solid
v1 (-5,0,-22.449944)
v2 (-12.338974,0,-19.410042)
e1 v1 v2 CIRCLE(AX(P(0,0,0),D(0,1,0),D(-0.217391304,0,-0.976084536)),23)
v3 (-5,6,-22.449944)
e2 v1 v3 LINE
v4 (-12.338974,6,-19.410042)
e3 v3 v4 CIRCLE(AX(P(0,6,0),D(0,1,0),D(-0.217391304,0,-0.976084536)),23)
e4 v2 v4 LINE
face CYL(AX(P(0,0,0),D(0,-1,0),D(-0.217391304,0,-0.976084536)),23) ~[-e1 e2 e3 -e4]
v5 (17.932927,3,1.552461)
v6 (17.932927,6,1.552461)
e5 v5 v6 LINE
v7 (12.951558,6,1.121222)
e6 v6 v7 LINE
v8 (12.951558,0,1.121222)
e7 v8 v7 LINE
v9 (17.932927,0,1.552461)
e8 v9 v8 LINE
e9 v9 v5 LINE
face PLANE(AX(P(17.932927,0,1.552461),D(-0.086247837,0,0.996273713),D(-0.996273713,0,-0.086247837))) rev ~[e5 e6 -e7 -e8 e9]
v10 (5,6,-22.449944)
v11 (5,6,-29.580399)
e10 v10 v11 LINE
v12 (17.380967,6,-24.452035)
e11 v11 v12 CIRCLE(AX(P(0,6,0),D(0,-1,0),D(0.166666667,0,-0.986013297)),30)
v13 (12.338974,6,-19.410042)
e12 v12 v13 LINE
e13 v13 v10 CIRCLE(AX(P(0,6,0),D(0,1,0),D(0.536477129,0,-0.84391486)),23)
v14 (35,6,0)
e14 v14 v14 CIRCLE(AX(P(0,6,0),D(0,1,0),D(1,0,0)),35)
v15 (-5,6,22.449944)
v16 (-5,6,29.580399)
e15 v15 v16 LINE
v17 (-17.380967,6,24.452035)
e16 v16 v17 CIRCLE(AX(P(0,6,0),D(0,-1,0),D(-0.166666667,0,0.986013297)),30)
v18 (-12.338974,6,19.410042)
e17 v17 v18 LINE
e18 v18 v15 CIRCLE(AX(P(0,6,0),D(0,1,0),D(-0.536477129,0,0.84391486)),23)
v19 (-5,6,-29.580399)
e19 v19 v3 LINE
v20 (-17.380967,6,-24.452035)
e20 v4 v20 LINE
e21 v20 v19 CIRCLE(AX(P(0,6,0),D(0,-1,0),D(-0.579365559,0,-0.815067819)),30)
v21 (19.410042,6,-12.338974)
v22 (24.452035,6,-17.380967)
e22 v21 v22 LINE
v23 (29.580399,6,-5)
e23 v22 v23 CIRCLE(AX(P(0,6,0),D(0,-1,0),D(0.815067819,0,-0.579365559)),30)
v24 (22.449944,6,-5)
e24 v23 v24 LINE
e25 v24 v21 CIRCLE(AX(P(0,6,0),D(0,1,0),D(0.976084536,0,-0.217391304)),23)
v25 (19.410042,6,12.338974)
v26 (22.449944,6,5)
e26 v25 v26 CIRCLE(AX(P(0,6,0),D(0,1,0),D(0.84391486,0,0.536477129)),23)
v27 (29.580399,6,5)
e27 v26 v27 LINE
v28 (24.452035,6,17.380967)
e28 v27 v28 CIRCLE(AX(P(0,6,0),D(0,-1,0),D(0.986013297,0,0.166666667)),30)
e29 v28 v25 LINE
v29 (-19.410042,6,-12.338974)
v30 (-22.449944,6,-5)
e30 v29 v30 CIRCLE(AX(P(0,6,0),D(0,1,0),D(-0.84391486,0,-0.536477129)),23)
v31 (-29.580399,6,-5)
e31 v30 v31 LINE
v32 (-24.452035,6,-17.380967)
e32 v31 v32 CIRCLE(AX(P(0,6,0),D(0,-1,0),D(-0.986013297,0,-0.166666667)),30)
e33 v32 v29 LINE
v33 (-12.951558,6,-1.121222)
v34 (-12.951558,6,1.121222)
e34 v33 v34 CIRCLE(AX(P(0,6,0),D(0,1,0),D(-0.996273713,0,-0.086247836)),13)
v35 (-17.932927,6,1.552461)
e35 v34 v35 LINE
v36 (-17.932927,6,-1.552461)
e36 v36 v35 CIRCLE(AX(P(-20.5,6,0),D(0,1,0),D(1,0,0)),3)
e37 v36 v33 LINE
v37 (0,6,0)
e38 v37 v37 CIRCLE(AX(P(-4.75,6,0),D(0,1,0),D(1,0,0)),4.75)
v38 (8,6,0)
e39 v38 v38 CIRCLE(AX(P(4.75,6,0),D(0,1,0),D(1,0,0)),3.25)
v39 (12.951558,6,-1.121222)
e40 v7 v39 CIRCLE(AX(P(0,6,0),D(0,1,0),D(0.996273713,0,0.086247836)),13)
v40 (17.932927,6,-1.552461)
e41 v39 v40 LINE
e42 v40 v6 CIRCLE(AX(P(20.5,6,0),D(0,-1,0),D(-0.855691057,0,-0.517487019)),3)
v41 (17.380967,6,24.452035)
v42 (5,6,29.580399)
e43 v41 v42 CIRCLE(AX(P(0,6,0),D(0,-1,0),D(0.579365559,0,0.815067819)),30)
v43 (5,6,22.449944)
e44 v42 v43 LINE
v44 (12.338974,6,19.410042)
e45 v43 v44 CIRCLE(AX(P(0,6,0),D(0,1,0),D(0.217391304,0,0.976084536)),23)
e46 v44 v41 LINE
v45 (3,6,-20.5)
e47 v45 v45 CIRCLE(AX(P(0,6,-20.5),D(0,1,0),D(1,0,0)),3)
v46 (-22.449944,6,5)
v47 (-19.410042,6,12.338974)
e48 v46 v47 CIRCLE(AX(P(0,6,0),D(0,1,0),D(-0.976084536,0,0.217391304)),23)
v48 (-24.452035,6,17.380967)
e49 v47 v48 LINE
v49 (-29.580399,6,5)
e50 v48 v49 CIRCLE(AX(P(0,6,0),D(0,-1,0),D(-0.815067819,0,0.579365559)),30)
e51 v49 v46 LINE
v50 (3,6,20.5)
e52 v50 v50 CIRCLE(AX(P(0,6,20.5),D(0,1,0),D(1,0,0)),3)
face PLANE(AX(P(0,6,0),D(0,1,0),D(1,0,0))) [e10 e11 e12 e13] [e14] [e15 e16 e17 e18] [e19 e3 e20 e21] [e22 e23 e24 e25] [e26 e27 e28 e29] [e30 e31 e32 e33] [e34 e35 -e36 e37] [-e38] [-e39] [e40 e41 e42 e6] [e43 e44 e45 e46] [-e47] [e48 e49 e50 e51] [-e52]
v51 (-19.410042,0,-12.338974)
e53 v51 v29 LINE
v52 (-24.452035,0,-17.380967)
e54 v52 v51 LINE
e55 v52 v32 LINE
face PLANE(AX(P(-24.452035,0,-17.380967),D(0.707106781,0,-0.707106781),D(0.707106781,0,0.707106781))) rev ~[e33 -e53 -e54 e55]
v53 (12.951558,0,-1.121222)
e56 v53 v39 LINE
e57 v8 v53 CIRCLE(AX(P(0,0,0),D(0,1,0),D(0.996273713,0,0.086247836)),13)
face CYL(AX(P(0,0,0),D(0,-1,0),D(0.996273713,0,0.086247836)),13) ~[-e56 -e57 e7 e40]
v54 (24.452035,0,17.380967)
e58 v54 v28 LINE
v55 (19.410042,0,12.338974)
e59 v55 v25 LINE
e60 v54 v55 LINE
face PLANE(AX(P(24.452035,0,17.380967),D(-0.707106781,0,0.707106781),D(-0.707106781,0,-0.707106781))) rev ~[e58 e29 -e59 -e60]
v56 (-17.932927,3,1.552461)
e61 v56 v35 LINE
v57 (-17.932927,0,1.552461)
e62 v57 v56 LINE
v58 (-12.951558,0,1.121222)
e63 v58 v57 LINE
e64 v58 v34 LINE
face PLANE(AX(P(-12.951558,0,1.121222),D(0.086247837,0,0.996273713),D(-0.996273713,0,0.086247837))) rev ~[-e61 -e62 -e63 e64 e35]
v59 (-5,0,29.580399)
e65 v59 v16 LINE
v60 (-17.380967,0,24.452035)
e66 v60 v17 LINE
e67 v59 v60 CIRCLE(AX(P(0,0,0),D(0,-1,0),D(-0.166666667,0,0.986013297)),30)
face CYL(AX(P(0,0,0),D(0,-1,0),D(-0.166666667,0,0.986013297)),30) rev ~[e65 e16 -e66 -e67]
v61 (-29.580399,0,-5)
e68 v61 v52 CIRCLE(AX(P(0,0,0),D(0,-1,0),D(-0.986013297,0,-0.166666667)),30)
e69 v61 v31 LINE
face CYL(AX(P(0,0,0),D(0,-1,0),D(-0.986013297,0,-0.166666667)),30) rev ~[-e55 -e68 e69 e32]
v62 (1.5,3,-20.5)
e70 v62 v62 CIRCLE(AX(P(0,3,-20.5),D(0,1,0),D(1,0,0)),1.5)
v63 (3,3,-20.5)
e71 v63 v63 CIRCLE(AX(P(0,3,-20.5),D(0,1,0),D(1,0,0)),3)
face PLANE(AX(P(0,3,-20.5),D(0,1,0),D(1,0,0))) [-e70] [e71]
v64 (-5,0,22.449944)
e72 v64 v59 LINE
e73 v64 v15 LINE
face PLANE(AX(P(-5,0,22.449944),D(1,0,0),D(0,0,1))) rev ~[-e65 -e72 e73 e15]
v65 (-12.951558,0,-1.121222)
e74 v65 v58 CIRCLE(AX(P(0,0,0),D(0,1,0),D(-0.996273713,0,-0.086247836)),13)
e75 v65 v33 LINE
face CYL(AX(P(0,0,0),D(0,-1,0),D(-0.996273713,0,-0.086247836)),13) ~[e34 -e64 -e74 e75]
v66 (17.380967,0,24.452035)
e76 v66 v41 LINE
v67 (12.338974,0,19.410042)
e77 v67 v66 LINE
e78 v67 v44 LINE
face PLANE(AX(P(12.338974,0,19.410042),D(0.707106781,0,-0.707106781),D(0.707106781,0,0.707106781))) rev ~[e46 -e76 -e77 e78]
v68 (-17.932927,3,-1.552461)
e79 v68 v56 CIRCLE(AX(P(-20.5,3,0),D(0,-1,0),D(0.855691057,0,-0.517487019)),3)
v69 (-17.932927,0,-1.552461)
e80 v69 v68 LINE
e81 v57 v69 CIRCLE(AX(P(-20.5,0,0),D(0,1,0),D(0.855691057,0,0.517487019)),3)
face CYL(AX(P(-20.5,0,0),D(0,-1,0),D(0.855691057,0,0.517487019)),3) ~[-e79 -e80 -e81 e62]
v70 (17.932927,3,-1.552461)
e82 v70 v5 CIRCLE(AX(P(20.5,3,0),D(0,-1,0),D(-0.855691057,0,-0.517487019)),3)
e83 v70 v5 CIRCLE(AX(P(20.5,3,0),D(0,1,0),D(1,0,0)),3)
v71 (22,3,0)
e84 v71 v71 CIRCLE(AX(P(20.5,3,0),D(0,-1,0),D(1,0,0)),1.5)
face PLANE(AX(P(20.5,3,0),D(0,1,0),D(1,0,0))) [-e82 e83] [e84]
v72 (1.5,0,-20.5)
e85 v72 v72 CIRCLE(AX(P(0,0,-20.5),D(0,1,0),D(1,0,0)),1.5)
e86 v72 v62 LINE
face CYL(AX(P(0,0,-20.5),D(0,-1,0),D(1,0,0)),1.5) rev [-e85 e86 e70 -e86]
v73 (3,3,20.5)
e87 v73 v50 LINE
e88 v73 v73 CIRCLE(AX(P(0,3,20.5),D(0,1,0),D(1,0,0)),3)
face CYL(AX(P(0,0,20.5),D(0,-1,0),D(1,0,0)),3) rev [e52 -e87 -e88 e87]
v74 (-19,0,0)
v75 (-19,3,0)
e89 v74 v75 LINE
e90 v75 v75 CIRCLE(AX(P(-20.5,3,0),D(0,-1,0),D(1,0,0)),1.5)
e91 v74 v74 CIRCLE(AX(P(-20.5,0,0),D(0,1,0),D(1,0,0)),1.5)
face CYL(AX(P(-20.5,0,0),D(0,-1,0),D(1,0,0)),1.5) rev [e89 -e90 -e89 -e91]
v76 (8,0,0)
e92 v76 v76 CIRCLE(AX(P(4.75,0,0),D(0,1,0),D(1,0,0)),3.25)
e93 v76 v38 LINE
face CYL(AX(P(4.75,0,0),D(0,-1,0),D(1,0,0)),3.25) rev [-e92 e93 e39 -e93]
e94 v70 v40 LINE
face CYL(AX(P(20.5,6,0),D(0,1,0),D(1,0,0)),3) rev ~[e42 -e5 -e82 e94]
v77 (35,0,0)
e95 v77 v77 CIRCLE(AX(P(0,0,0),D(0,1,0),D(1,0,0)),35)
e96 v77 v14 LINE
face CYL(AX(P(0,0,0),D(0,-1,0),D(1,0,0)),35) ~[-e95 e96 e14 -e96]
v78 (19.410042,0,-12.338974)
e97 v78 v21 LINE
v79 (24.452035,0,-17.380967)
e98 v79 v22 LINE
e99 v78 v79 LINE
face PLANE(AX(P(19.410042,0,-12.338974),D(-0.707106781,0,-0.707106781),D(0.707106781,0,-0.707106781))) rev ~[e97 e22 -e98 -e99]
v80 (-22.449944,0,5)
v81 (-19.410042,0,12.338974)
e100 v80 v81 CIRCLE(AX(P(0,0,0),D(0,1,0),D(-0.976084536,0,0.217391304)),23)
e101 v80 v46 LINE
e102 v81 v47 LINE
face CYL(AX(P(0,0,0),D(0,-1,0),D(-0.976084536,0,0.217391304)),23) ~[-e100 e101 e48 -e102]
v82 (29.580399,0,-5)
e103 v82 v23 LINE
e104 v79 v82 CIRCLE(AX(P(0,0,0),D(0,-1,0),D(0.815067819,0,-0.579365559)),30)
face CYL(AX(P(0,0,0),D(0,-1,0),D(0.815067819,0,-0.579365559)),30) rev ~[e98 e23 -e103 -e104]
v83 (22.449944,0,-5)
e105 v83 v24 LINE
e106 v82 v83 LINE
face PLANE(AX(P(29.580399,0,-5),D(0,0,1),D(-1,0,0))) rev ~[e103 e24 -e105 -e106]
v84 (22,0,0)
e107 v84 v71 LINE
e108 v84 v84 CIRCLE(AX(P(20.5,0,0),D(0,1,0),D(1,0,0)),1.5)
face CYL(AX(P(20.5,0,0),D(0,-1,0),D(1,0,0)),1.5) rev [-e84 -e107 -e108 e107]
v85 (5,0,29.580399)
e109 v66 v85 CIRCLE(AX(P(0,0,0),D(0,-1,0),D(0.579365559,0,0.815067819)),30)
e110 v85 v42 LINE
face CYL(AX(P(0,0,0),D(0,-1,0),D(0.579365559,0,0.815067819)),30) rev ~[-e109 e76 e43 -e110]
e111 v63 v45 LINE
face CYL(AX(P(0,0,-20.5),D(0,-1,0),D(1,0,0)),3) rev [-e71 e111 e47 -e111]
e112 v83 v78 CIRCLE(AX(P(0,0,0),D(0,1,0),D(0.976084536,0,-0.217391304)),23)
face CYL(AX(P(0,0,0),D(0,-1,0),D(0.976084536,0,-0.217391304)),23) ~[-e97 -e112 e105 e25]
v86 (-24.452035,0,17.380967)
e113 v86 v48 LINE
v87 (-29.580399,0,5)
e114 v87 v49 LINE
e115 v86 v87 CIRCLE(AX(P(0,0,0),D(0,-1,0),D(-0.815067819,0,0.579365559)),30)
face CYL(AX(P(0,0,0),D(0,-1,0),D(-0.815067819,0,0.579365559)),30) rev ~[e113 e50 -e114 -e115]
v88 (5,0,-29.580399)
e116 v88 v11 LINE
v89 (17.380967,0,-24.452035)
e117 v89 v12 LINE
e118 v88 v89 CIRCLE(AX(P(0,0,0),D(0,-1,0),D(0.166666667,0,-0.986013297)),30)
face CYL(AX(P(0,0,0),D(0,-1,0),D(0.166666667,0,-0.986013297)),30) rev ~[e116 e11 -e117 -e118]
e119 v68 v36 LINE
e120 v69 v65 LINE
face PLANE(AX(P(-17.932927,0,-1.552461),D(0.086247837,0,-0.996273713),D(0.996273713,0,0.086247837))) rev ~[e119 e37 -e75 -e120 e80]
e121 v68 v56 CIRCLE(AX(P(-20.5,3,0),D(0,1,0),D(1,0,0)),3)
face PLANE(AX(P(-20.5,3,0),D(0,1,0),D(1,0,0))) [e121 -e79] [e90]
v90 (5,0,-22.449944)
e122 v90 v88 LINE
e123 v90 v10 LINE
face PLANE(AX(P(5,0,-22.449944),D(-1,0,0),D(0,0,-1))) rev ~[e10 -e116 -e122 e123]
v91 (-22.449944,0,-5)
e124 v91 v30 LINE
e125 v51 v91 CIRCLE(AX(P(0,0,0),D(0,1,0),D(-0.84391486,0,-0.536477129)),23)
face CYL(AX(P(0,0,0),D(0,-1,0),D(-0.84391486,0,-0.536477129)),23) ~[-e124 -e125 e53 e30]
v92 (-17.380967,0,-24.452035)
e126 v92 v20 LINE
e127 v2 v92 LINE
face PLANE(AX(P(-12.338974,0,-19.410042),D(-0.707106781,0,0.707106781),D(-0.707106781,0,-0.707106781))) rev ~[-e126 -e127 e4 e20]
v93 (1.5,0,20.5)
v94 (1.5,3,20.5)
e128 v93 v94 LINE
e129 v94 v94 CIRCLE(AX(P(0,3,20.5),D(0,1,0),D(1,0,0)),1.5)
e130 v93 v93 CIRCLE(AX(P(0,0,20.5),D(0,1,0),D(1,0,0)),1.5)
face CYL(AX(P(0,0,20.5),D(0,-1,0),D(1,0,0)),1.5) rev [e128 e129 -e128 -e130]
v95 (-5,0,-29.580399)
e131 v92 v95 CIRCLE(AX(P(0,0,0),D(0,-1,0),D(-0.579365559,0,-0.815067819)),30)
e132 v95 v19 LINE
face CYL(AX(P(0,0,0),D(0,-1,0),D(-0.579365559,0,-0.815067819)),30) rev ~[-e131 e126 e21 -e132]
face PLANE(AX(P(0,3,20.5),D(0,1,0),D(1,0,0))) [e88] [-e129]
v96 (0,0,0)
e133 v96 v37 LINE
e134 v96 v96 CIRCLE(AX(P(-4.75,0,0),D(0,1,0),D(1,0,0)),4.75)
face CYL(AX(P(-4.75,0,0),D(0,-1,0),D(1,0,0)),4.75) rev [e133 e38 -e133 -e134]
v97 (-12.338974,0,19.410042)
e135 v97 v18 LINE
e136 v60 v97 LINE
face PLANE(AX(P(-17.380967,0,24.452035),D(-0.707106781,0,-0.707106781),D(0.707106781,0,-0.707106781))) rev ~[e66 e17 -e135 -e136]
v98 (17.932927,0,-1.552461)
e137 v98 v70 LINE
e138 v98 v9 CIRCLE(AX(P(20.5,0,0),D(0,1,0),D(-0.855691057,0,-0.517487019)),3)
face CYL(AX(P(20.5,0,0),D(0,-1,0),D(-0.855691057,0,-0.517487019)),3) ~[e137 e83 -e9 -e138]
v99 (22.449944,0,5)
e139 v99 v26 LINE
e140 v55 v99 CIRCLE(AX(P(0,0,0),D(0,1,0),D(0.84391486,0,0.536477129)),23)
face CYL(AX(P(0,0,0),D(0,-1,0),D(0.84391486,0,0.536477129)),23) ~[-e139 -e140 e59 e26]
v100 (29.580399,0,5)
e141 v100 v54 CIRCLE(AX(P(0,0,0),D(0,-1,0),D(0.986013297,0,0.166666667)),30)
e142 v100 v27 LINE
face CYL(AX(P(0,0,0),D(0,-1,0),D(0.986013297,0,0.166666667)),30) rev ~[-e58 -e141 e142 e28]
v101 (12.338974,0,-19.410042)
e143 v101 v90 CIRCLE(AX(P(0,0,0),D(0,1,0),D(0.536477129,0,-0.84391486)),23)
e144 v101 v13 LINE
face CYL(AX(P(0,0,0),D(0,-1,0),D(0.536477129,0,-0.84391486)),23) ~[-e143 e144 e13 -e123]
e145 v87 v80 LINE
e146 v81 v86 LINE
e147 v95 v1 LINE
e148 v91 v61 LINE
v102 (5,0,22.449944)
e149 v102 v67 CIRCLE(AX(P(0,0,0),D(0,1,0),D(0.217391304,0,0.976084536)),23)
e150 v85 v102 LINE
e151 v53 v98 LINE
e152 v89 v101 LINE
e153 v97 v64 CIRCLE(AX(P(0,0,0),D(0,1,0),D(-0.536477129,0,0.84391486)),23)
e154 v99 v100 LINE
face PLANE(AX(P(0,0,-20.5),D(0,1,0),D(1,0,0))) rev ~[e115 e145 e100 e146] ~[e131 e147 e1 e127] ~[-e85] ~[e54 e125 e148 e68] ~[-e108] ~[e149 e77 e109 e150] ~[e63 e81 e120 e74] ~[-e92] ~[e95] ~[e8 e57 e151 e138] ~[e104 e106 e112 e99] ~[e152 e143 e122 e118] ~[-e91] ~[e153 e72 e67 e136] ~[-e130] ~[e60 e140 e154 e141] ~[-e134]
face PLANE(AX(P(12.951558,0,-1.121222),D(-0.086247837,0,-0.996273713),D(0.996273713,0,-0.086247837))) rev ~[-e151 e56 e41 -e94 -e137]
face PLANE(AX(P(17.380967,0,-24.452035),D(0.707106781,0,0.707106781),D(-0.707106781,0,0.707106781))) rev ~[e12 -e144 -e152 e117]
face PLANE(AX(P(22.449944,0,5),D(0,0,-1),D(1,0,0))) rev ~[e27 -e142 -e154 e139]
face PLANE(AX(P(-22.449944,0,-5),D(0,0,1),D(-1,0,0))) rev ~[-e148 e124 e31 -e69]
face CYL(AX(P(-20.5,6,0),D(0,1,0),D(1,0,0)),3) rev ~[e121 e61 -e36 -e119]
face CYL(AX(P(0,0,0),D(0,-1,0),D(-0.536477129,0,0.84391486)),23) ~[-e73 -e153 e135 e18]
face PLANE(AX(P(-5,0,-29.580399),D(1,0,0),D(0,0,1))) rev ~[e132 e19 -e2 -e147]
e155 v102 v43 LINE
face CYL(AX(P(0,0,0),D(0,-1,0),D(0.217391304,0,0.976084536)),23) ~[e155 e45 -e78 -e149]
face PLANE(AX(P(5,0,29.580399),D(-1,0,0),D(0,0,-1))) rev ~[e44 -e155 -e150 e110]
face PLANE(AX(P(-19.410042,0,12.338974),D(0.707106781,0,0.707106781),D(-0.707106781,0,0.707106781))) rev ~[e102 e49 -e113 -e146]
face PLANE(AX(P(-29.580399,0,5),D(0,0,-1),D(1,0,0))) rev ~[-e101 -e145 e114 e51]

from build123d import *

# Parameters (mm, degrees)
SKETCH1_R           = 35
SKETCH1_R_2         = 3
SKETCH1_R_3         = 1.5
SKETCH1_R_4         = 4.75
SKETCH1_R_5         = 3.25
BOSS_EXTRUDE2_DEPTH = 6
CUT_EXTRUDE3_START  = 6
SKETCH1_6_R         = 3
CUT_EXTRUDE3_DEPTH  = 3
SKETCH1_7_R         = 3
SKETCH1_7_R_2       = 1.5
BOSS_EXTRUDE3_DEPTH = 3


with BuildPart() as part:
    # Sketch1 → Boss-Extrude2 (new body)
    with BuildSketch(Plane(origin=(0, 0, 0), x_dir=(1, 0, 0), z_dir=(0, 1, 0))):
        Circle(SKETCH1_R)
        with BuildLine():
            Line((-29.580398915, -5), (-22.449944321, -5))
            ThreePointArc((-22.449944321, -5), (-21.249229248, -8.801718944), (-19.410041772, -12.33897396))
            Line((-19.410041772, -12.33897396), (-24.452034569, -17.380966757))
            ThreePointArc((-24.452034569, -17.380966757), (-27.716385975, -11.480502971), (-29.580398915, -5))
        make_face(mode=Mode.SUBTRACT)
        with BuildLine():
            Line((-17.380966757, -24.452034569), (-12.33897396, -19.410041772))
            ThreePointArc((-12.33897396, -19.410041772), (-8.801718944, -21.249229248), (-5, -22.449944321))
            Line((-5, -22.449944321), (-5, -29.580398915))
            ThreePointArc((-5, -29.580398915), (-11.480502971, -27.716385975), (-17.380966757, -24.452034569))
        make_face(mode=Mode.SUBTRACT)
        with BuildLine():
            Line((5, -29.580398915), (5, -22.449944321))
            ThreePointArc((5, -22.449944321), (8.801718944, -21.249229248), (12.33897396, -19.410041772))
            Line((12.33897396, -19.410041772), (17.380966757, -24.452034569))
            ThreePointArc((17.380966757, -24.452034569), (11.480502971, -27.716385975), (5, -29.580398915))
        make_face(mode=Mode.SUBTRACT)
        with BuildLine():
            Line((24.452034569, -17.380966757), (19.410041772, -12.33897396))
            ThreePointArc((19.410041772, -12.33897396), (21.249229248, -8.801718944), (22.449944321, -5))
            Line((22.449944321, -5), (29.580398915, -5))
            ThreePointArc((29.580398915, -5), (27.716385975, -11.480502971), (24.452034569, -17.380966757))
        make_face(mode=Mode.SUBTRACT)
        with BuildLine():
            Line((29.580398915, 5), (22.449944321, 5))
            ThreePointArc((22.449944321, 5), (21.249229248, 8.801718944), (19.410041772, 12.33897396))
            Line((19.410041772, 12.33897396), (24.452034569, 17.380966757))
            ThreePointArc((24.452034569, 17.380966757), (27.716385975, 11.480502971), (29.580398915, 5))
        make_face(mode=Mode.SUBTRACT)
        with BuildLine():
            Line((17.380966757, 24.452034569), (12.33897396, 19.410041772))
            ThreePointArc((12.33897396, 19.410041772), (8.801718944, 21.249229248), (5, 22.449944321))
            Line((5, 22.449944321), (5, 29.580398915))
            ThreePointArc((5, 29.580398915), (11.480502971, 27.716385975), (17.380966757, 24.452034569))
        make_face(mode=Mode.SUBTRACT)
        with BuildLine():
            Line((-5, 29.580398915), (-5, 22.449944321))
            ThreePointArc((-5, 22.449944321), (-8.801718944, 21.249229248), (-12.33897396, 19.410041772))
            Line((-12.33897396, 19.410041772), (-17.380966757, 24.452034569))
            ThreePointArc((-17.380966757, 24.452034569), (-11.480502971, 27.716385975), (-5, 29.580398915))
        make_face(mode=Mode.SUBTRACT)
        with BuildLine():
            Line((-24.452034569, 17.380966757), (-19.410041772, 12.33897396))
            ThreePointArc((-19.410041772, 12.33897396), (-21.249229248, 8.801718944), (-22.449944321, 5))
            Line((-22.449944321, 5), (-29.580398915, 5))
            ThreePointArc((-29.580398915, 5), (-27.716385975, 11.480502971), (-24.452034569, 17.380966757))
        make_face(mode=Mode.SUBTRACT)
        with Locations((0, -20.5)):
            Circle(SKETCH1_R_2, mode=Mode.SUBTRACT)
        with Locations((-20.5, 0)):
            Circle(SKETCH1_R_3, mode=Mode.SUBTRACT)
        with BuildLine():
            Line((-12.951558266, -1.121221875), (-17.932926829, -1.552461058))
            ThreePointArc((-17.932926829, -1.552461058), (-17.5, 0), (-17.932926829, 1.552461058))
            Line((-17.932926829, 1.552461058), (-12.951558266, 1.121221875))
            ThreePointArc((-12.951558266, 1.121221875), (-13, 0), (-12.951558266, -1.121221875))
        make_face(mode=Mode.SUBTRACT)
        with Locations((-4.75, 0)):
            Circle(SKETCH1_R_4, mode=Mode.SUBTRACT)
        with Locations((4.75, 0)):
            Circle(SKETCH1_R_5, mode=Mode.SUBTRACT)
        with BuildLine():
            ThreePointArc((17.932926829, 1.552461058), (17.5, 0), (17.932926829, -1.552461058))
            Line((17.932926829, -1.552461058), (12.951558266, -1.121221875))
            ThreePointArc((12.951558266, -1.121221875), (13, 0), (12.951558266, 1.121221875))
            Line((12.951558266, 1.121221875), (17.932926829, 1.552461058))
        make_face(mode=Mode.SUBTRACT)
        with Locations((20.5, 0)):
            Circle(SKETCH1_R_3, mode=Mode.SUBTRACT)
        with Locations((0, 20.5)):
            Circle(SKETCH1_R_2, mode=Mode.SUBTRACT)
    extrude(amount=BOSS_EXTRUDE2_DEPTH)

    # Sketch1<6> → Cut-Extrude3 (cut)
    with BuildSketch(Plane(origin=(0, 0, 0), x_dir=(1, 0, 0), z_dir=(0, 1, 0)).offset(CUT_EXTRUDE3_START)):
        with Locations((20.5, 0)):
            Circle(SKETCH1_6_R)
        with Locations((-20.5, 0)):
            Circle(SKETCH1_6_R)
    extrude(amount=-CUT_EXTRUDE3_DEPTH, mode=Mode.SUBTRACT)

    # Sketch1<7> → Boss-Extrude3 (add)
    with BuildSketch(Plane(origin=(0, 0, 0), x_dir=(1, 0, 0), z_dir=(0, 1, 0))):
        with Locations((0, 20.5)):
            Circle(SKETCH1_7_R)
        with Locations((0, 20.5)):
            Circle(SKETCH1_7_R_2, mode=Mode.SUBTRACT)
        with Locations((0, -20.5)):
            Circle(SKETCH1_7_R)
        with Locations((0, -20.5)):
            Circle(SKETCH1_7_R_2, mode=Mode.SUBTRACT)
    extrude(amount=BOSS_EXTRUDE3_DEPTH)


solid = part.part
